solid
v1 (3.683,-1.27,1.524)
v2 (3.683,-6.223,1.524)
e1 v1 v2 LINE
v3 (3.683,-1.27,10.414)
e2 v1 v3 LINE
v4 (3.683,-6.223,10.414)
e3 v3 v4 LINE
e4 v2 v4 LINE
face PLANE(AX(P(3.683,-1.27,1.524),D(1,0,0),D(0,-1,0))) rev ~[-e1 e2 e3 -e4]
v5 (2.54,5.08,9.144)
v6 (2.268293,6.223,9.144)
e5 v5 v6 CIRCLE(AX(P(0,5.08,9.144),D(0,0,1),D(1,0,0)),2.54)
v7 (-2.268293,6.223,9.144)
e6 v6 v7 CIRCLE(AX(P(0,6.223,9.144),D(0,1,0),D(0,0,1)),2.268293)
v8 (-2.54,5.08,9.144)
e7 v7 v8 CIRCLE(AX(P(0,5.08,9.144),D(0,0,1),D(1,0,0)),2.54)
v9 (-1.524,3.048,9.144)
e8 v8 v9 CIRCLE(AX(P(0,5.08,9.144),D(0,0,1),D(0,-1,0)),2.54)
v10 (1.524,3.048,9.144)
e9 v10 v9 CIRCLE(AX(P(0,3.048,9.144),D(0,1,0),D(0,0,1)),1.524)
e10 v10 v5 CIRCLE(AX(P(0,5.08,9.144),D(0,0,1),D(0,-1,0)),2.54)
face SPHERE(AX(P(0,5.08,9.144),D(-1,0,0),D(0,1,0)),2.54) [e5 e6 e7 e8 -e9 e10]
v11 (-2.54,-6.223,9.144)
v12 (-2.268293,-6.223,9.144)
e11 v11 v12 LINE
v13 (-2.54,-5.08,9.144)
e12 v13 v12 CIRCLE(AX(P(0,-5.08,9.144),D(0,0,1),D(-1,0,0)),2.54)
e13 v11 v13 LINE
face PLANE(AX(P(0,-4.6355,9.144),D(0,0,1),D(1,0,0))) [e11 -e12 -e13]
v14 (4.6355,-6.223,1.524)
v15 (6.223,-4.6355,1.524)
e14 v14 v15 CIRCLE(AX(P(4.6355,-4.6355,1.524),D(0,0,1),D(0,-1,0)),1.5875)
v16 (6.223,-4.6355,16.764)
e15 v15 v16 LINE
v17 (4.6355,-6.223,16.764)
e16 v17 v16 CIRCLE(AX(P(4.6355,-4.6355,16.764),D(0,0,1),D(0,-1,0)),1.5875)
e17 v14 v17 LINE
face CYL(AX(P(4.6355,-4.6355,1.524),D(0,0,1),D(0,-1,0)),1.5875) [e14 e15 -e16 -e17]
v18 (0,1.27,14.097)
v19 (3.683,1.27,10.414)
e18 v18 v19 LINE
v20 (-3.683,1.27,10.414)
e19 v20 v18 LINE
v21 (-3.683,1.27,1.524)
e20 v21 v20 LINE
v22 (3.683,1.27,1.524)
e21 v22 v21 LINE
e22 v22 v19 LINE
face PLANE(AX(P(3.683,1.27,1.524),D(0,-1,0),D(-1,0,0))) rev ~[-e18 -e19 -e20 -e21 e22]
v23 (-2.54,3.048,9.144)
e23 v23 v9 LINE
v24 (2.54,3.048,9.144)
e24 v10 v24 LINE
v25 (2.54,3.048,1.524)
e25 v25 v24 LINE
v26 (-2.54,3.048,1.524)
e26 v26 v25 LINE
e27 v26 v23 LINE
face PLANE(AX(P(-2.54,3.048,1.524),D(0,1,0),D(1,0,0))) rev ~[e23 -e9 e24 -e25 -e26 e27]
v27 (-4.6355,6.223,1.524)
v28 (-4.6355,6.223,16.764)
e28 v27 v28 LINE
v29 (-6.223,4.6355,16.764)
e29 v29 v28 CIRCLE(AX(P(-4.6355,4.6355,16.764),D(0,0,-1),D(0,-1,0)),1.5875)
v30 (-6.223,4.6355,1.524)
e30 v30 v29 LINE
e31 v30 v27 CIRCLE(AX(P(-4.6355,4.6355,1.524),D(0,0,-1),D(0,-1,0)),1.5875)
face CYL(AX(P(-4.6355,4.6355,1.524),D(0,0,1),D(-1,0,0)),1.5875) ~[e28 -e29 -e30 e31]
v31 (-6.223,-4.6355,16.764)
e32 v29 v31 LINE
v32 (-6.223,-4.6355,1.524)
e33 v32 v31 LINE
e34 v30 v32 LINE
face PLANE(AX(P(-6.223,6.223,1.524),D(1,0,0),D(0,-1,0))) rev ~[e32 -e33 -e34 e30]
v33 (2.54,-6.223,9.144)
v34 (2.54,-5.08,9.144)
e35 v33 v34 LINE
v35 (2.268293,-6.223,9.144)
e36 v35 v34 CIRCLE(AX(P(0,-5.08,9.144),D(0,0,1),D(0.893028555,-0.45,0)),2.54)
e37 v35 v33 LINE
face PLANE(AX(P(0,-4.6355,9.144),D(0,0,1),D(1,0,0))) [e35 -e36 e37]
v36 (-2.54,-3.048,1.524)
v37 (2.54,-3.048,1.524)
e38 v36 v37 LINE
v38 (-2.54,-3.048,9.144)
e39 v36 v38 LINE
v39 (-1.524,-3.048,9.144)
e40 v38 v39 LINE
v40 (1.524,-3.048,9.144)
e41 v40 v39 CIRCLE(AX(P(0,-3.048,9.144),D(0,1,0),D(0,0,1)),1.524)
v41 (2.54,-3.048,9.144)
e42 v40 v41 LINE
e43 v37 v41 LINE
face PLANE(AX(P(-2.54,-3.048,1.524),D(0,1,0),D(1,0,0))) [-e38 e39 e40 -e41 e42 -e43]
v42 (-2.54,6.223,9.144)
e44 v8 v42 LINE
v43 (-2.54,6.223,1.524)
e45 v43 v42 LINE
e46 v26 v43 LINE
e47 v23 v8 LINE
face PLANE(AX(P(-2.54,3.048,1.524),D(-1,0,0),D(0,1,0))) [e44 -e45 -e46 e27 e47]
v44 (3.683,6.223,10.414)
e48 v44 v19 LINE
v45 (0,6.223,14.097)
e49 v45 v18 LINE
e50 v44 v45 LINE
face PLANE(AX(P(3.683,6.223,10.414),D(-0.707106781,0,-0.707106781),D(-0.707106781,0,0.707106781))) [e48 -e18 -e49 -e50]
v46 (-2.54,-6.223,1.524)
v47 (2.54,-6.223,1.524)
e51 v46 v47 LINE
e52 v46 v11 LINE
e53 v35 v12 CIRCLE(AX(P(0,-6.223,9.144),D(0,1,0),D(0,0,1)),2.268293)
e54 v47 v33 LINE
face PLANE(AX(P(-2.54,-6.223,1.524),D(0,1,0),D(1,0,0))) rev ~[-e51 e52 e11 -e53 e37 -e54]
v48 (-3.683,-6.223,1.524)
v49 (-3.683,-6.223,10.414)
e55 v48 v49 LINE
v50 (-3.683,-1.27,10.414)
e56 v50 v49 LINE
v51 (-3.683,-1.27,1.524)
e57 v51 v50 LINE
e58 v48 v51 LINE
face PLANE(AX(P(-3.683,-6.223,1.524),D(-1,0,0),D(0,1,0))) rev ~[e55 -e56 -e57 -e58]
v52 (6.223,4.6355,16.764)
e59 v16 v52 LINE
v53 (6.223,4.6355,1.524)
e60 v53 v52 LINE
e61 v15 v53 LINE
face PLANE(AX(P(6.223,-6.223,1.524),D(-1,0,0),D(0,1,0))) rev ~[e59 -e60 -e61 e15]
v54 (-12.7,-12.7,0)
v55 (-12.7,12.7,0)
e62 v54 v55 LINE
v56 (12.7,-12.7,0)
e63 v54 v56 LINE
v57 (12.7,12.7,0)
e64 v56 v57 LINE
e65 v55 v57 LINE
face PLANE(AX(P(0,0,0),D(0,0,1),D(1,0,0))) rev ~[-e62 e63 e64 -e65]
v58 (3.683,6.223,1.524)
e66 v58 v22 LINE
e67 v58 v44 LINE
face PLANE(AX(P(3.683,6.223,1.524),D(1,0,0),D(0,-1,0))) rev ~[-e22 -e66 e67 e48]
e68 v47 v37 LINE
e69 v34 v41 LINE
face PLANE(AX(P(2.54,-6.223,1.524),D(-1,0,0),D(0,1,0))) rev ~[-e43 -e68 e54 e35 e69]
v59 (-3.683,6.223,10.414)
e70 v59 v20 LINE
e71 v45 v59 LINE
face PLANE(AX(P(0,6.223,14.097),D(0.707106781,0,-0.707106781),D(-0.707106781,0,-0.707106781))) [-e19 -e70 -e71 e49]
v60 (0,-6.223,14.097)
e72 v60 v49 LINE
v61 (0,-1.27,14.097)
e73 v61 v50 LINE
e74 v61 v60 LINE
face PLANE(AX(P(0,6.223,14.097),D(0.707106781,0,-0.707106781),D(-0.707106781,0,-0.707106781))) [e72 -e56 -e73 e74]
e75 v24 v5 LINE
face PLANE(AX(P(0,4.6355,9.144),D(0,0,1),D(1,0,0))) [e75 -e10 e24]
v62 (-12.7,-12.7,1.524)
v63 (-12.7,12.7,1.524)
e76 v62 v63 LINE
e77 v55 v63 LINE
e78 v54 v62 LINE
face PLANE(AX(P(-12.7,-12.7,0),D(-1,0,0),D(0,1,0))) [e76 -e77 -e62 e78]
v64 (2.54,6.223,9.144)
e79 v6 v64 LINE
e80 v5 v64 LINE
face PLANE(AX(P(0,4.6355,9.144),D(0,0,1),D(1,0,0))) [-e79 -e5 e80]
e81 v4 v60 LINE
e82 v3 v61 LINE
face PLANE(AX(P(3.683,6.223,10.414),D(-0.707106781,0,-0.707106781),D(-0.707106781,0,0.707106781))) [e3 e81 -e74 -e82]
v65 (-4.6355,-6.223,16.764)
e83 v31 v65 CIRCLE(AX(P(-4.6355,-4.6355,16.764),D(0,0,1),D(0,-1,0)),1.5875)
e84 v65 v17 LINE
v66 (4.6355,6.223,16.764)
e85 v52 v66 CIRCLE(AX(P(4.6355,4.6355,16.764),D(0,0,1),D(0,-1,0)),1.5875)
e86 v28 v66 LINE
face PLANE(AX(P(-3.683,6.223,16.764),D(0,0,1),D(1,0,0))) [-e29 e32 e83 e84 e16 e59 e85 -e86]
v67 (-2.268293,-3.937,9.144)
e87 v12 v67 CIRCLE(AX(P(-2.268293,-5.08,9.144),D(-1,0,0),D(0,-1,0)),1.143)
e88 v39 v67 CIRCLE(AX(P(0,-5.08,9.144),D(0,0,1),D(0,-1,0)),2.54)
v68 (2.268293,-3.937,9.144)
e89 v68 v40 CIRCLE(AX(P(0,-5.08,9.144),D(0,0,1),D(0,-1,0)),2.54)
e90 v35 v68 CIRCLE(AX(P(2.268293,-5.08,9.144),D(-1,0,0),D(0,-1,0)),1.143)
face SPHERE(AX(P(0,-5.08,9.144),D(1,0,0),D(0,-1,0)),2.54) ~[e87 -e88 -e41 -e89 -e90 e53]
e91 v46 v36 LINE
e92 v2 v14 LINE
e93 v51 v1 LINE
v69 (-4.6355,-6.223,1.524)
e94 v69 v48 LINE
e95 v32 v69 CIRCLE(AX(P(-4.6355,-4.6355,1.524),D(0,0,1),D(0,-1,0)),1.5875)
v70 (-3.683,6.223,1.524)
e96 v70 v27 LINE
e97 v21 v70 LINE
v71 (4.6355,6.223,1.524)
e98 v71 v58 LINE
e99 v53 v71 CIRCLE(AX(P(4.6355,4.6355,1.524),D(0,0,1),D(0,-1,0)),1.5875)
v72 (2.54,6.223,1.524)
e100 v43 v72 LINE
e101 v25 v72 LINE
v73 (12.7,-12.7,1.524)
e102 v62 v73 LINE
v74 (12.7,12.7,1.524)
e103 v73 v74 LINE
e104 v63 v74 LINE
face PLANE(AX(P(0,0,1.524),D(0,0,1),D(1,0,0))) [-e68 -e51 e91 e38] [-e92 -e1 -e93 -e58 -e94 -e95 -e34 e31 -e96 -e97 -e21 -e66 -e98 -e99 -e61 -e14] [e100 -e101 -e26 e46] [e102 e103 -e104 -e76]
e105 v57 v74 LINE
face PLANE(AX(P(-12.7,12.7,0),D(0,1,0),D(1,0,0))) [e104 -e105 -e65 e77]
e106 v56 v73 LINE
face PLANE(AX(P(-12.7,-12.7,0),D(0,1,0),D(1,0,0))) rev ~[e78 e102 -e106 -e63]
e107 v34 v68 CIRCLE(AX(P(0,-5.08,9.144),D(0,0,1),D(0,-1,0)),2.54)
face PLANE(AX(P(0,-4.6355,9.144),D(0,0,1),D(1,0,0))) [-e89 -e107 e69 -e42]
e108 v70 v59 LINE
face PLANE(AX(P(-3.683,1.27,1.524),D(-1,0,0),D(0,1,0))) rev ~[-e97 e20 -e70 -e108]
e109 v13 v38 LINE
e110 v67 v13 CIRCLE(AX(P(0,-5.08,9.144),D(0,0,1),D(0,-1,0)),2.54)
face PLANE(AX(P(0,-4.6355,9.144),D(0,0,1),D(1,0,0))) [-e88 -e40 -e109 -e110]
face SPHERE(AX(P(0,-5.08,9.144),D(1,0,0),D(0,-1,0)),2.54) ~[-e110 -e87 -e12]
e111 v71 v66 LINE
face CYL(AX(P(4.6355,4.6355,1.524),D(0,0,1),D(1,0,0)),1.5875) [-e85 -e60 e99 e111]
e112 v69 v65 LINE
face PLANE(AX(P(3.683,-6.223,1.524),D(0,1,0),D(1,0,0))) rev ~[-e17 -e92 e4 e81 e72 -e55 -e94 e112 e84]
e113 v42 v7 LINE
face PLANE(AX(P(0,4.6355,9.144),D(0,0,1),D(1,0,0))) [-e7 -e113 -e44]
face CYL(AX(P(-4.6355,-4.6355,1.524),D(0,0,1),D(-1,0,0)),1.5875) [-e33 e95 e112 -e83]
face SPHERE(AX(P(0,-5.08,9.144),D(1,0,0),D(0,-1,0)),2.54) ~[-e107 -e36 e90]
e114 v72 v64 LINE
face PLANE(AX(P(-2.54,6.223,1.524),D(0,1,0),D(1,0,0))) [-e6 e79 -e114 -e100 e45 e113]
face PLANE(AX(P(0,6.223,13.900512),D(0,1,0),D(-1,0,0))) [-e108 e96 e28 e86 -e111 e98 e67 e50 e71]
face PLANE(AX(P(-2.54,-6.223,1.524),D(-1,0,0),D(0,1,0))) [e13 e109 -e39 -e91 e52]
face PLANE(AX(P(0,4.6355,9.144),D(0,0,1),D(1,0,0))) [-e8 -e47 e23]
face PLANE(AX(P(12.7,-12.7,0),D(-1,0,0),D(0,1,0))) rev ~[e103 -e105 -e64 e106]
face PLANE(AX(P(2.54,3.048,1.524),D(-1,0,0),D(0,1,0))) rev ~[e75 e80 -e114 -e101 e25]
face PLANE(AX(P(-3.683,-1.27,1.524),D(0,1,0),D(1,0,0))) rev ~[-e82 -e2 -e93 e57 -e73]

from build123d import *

# Parameters (mm, degrees)
F0_W     = 25.4
F0_H     = 25.4
F1_DEPTH = 1.524
F3_DEPTH = 15.24
F2_W     = 5.08
F2_H     = 3.175
F4_DEPTH = 7.62
F9_DEPTH = 12.446
F10_R    = 1.5875


with BuildPart() as f1:
    # F0 (on Top) → F1 (new body)
    with BuildSketch(Plane.XY):
        Rectangle(F0_W, F0_H)
    extrude(amount=F1_DEPTH)

    # F2 (on face) → F3 (join)
    with BuildSketch(Plane.XY.offset(1.524)):
        Polygon((6.223, -6.223), (6.223, 6.223), (3.683, 6.223), (3.683, 1.27), (-3.683, 1.27), (-3.683, 6.223), (-6.223, 6.223), (-6.223, -6.223), (-3.683, -6.223), (-3.683, -1.27), (3.683, -1.27), (3.683, -6.223), align=None)
    extrude(amount=F3_DEPTH)

    # F2 (on face) → F4 (join)
    with BuildSketch(Plane.XY.offset(1.524)):
        with Locations((0, -4.6355)):
            Rectangle(F2_W, F2_H)
        with Locations((0, 4.6355)):
            Rectangle(F2_W, F2_H)
    extrude(amount=F4_DEPTH)

    # F5 (on face) → F6 (revolve)
    with BuildSketch(Plane.XY.offset(9.144)):
        with BuildLine():
            Line((-2.54, 5.08), (2.54, 5.08))
            ThreePointArc((2.54, 5.08), (0, 7.62), (-2.54, 5.08))
        make_face()
    revolve(axis=Axis((0, 5.08, 9.144), (-1, 0, 0)))

    # F5 (on face) → F7 (revolve)
    with BuildSketch(Plane.XY.offset(9.144)):
        with BuildLine():
            ThreePointArc((-2.2682925296, -6.223), (0, -7.62), (2.2682925296, -6.223))
            Line((2.2682925296, -6.223), (-2.2682925296, -6.223))
        make_face()
        with BuildLine():
            ThreePointArc((2.2682925296, -6.223), (2.4711397194, -5.6674253036), (2.54, -5.08))
            Line((2.54, -5.08), (-2.54, -5.08))
            ThreePointArc((-2.54, -5.08), (-2.4711397194, -5.6674253036), (-2.2682925296, -6.223))
            Line((-2.2682925296, -6.223), (2.2682925296, -6.223))
        make_face()
    revolve(axis=Axis((0, -5.08, 9.144), (-1, 0, 0)))

    # F8 (on face) → F9 (join)
    with BuildSketch(Plane(origin=(0, 6.223, 0), x_dir=(-1, 0, 0), z_dir=(0, 1, 0))):
        Polygon((-3.683, 16.764), (-3.683, 10.414), (0, 14.097), (3.683, 10.414), (3.683, 16.764), align=None)
    extrude(amount=-F9_DEPTH)

    # F10
    f10_edges = [f1.edges().sort_by_distance(p)[0] for p in [
        (-6.223, -6.223, 9.144),
        (-6.223, 6.223, 9.144),
        (6.223, 6.223, 9.144),
        (6.223, -6.223, 9.144),
    ]]
    fillet(f10_edges, radius=F10_R)


solid = f1.part
